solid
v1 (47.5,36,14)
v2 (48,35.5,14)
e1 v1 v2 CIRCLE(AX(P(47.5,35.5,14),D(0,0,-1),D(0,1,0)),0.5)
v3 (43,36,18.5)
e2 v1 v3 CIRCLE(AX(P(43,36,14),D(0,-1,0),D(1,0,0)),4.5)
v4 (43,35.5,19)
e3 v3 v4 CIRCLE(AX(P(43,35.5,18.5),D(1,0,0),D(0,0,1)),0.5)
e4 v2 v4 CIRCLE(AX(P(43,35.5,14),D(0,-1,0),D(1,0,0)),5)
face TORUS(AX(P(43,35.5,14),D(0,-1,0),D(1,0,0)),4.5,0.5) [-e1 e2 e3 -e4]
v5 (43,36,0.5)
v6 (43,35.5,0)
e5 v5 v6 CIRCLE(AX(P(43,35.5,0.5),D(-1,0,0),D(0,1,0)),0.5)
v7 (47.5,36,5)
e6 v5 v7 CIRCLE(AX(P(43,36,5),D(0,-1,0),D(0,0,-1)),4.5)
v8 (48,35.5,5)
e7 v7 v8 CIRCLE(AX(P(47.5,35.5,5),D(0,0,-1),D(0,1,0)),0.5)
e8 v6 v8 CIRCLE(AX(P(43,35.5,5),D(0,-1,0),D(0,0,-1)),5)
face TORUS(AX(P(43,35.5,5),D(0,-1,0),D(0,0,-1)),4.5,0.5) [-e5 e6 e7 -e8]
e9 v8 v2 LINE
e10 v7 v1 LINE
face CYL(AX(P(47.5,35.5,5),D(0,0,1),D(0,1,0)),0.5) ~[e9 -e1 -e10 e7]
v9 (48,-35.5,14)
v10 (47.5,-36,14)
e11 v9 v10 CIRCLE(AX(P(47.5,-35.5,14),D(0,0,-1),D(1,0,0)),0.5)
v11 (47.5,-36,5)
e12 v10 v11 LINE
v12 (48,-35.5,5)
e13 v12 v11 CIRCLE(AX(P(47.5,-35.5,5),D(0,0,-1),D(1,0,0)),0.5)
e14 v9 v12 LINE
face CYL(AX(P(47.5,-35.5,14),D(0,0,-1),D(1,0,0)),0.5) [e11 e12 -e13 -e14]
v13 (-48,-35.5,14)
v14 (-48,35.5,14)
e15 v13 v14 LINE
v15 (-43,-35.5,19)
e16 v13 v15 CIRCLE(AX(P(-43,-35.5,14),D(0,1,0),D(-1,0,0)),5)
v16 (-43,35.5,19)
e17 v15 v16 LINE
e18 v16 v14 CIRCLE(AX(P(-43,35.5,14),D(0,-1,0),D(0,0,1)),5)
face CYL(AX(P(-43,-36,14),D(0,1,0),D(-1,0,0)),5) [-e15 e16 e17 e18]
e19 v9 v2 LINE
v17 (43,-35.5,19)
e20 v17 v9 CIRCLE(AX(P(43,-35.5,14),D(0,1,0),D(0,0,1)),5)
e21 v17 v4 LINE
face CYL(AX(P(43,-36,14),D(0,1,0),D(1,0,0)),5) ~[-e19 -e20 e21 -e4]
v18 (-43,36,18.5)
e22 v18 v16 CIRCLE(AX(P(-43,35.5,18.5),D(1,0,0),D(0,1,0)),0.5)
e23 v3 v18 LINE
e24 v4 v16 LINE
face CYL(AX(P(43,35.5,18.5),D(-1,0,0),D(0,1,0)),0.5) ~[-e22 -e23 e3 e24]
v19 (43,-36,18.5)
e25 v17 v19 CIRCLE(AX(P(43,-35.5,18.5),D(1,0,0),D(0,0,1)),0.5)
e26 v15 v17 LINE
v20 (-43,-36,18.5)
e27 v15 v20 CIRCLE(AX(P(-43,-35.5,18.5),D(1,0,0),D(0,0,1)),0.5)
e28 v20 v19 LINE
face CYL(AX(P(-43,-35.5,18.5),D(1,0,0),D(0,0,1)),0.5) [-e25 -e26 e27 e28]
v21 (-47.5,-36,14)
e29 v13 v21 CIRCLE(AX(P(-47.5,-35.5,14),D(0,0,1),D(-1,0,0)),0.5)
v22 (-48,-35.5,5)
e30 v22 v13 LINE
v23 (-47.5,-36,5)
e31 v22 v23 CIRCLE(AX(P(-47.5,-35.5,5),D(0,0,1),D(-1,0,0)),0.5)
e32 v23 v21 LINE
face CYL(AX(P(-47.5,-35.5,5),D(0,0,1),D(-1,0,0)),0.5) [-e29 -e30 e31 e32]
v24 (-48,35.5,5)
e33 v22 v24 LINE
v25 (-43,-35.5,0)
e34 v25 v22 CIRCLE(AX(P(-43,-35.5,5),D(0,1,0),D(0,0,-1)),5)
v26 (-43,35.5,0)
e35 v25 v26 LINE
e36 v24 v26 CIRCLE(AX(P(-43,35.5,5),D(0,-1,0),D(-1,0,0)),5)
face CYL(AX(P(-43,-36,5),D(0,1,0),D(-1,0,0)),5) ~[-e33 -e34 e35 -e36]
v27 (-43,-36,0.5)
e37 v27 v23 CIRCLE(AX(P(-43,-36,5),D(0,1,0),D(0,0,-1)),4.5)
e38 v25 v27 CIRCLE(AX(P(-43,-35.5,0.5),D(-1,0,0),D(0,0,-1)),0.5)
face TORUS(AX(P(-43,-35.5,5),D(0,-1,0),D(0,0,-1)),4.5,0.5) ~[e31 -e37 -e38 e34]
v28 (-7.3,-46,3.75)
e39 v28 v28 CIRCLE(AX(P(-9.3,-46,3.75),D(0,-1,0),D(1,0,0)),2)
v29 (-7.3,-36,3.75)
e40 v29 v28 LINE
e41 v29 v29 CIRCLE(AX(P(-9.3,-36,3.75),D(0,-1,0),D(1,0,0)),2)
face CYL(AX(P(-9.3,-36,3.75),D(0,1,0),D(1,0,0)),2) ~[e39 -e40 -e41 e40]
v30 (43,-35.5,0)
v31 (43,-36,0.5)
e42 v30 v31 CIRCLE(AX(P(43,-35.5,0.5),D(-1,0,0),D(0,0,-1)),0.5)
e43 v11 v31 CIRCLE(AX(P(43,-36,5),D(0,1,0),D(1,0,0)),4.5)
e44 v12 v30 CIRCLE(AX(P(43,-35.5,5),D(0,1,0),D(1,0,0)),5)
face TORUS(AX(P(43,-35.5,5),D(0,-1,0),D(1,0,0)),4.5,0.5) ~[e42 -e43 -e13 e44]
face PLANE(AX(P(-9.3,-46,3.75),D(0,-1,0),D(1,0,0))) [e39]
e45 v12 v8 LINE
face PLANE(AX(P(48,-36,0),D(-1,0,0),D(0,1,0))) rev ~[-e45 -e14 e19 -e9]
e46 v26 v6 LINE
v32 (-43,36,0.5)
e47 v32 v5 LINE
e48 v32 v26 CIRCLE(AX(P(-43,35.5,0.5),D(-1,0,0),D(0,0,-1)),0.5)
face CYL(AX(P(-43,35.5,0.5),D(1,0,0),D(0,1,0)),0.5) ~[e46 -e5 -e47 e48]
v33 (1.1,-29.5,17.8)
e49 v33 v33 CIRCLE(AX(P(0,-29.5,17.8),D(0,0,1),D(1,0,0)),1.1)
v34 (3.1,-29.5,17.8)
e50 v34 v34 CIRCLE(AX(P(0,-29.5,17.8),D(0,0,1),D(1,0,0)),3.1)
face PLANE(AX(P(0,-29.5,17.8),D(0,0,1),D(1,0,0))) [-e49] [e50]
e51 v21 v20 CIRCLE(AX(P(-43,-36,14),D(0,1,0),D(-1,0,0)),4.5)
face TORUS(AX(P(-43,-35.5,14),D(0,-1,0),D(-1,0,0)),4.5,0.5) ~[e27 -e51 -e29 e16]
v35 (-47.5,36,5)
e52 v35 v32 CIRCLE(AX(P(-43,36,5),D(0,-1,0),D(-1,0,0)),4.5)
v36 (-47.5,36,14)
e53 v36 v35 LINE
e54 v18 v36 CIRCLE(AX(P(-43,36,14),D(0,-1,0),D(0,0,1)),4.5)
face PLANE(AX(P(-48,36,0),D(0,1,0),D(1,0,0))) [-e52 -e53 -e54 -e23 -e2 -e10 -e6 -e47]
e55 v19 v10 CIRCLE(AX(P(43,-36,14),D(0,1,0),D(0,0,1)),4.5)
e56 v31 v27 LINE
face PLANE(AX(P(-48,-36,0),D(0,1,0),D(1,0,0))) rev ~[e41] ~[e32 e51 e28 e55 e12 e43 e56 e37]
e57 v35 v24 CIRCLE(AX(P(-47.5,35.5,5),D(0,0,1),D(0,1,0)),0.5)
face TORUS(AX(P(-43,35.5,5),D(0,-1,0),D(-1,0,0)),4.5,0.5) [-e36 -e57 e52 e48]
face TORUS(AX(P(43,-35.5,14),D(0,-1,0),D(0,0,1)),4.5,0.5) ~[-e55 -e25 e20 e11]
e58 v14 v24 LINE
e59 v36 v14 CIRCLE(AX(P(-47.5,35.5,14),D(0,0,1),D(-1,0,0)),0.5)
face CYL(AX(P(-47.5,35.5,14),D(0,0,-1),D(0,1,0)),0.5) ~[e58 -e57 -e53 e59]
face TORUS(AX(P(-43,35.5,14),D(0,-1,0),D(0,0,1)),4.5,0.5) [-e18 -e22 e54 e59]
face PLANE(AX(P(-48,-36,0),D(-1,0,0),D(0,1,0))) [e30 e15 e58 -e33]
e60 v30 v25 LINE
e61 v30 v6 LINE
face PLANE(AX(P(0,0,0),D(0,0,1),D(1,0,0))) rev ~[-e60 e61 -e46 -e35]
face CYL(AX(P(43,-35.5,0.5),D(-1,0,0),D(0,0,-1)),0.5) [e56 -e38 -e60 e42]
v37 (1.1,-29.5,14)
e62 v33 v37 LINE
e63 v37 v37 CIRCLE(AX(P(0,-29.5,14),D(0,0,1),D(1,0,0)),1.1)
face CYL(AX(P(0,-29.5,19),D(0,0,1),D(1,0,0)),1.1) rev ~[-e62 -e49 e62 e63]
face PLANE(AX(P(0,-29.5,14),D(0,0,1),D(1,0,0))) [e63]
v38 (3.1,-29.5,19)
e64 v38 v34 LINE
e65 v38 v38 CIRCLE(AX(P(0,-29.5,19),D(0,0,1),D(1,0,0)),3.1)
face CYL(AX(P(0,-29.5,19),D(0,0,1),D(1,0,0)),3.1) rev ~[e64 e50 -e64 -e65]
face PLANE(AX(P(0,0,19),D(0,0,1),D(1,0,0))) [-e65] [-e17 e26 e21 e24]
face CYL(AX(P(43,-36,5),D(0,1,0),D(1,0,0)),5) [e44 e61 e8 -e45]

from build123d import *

# Parameters (mm, degrees)
F0_W     = 96
F0_H     = 72
F1_DEPTH = 19
F2_R     = 5
F3_R     = 0.5
F4_R     = 2
F5_DEPTH = 10
F6_R     = 1.1
F7_DEPTH = 5
F6_R_2   = 3.1
F8_DEPTH = 1.2


with BuildPart() as f1:
    # F0 (on Top) → F1 (new body)
    with BuildSketch(Plane.XY):
        Rectangle(F0_W, F0_H)
    extrude(amount=F1_DEPTH)

    # F2
    f2_edges = [f1.edges().sort_by_distance(p)[0] for p in [
        (48, 0, 19),
        (48, 0, 0),
        (-48, 0, 19),
        (-48, 0, 0),
    ]]
    fillet(f2_edges, radius=F2_R)

    # F3
    f3_edges = [f1.edges().sort_by_distance(p)[0] for p in [
        (-48, -36, 9.5),
        (-46.535534, -36, 1.464466),
        (-46.535534, -36, 17.535534),
        (0, -36, 0),
        (0, -36, 19),
        (46.535534, -36, 1.464466),
        (46.535534, -36, 17.535534),
        (48, -36, 9.5),
        (48, 36, 9.5),
        (46.535534, 36, 1.464466),
        (46.535534, 36, 17.535534),
        (0, 36, 0),
        (0, 36, 19),
        (-46.535534, 36, 1.464466),
        (-46.535534, 36, 17.535534),
        (-48, 36, 9.5),
    ]]
    fillet(f3_edges, radius=F3_R)

    # F4 (on face) → F5 (join)
    with BuildSketch(Plane.XZ.offset(36)):
        with Locations((-9.3, 3.75)):
            Circle(F4_R)
    extrude(amount=F5_DEPTH)

    # F6 (on face) → F7 (cut)
    with BuildSketch(Plane.XY.offset(19)):
        with Locations((0, -29.5)):
            Circle(F6_R)
    extrude(amount=-F7_DEPTH, mode=Mode.SUBTRACT)

    # F6 (on face) → F8 (cut)
    with BuildSketch(Plane.XY.offset(19)):
        with Locations((0, -29.5)):
            Circle(F6_R_2)
        with Locations((0, -29.5)):
            Circle(F6_R, mode=Mode.SUBTRACT)
    extrude(amount=-F8_DEPTH, mode=Mode.SUBTRACT)


solid = f1.part
